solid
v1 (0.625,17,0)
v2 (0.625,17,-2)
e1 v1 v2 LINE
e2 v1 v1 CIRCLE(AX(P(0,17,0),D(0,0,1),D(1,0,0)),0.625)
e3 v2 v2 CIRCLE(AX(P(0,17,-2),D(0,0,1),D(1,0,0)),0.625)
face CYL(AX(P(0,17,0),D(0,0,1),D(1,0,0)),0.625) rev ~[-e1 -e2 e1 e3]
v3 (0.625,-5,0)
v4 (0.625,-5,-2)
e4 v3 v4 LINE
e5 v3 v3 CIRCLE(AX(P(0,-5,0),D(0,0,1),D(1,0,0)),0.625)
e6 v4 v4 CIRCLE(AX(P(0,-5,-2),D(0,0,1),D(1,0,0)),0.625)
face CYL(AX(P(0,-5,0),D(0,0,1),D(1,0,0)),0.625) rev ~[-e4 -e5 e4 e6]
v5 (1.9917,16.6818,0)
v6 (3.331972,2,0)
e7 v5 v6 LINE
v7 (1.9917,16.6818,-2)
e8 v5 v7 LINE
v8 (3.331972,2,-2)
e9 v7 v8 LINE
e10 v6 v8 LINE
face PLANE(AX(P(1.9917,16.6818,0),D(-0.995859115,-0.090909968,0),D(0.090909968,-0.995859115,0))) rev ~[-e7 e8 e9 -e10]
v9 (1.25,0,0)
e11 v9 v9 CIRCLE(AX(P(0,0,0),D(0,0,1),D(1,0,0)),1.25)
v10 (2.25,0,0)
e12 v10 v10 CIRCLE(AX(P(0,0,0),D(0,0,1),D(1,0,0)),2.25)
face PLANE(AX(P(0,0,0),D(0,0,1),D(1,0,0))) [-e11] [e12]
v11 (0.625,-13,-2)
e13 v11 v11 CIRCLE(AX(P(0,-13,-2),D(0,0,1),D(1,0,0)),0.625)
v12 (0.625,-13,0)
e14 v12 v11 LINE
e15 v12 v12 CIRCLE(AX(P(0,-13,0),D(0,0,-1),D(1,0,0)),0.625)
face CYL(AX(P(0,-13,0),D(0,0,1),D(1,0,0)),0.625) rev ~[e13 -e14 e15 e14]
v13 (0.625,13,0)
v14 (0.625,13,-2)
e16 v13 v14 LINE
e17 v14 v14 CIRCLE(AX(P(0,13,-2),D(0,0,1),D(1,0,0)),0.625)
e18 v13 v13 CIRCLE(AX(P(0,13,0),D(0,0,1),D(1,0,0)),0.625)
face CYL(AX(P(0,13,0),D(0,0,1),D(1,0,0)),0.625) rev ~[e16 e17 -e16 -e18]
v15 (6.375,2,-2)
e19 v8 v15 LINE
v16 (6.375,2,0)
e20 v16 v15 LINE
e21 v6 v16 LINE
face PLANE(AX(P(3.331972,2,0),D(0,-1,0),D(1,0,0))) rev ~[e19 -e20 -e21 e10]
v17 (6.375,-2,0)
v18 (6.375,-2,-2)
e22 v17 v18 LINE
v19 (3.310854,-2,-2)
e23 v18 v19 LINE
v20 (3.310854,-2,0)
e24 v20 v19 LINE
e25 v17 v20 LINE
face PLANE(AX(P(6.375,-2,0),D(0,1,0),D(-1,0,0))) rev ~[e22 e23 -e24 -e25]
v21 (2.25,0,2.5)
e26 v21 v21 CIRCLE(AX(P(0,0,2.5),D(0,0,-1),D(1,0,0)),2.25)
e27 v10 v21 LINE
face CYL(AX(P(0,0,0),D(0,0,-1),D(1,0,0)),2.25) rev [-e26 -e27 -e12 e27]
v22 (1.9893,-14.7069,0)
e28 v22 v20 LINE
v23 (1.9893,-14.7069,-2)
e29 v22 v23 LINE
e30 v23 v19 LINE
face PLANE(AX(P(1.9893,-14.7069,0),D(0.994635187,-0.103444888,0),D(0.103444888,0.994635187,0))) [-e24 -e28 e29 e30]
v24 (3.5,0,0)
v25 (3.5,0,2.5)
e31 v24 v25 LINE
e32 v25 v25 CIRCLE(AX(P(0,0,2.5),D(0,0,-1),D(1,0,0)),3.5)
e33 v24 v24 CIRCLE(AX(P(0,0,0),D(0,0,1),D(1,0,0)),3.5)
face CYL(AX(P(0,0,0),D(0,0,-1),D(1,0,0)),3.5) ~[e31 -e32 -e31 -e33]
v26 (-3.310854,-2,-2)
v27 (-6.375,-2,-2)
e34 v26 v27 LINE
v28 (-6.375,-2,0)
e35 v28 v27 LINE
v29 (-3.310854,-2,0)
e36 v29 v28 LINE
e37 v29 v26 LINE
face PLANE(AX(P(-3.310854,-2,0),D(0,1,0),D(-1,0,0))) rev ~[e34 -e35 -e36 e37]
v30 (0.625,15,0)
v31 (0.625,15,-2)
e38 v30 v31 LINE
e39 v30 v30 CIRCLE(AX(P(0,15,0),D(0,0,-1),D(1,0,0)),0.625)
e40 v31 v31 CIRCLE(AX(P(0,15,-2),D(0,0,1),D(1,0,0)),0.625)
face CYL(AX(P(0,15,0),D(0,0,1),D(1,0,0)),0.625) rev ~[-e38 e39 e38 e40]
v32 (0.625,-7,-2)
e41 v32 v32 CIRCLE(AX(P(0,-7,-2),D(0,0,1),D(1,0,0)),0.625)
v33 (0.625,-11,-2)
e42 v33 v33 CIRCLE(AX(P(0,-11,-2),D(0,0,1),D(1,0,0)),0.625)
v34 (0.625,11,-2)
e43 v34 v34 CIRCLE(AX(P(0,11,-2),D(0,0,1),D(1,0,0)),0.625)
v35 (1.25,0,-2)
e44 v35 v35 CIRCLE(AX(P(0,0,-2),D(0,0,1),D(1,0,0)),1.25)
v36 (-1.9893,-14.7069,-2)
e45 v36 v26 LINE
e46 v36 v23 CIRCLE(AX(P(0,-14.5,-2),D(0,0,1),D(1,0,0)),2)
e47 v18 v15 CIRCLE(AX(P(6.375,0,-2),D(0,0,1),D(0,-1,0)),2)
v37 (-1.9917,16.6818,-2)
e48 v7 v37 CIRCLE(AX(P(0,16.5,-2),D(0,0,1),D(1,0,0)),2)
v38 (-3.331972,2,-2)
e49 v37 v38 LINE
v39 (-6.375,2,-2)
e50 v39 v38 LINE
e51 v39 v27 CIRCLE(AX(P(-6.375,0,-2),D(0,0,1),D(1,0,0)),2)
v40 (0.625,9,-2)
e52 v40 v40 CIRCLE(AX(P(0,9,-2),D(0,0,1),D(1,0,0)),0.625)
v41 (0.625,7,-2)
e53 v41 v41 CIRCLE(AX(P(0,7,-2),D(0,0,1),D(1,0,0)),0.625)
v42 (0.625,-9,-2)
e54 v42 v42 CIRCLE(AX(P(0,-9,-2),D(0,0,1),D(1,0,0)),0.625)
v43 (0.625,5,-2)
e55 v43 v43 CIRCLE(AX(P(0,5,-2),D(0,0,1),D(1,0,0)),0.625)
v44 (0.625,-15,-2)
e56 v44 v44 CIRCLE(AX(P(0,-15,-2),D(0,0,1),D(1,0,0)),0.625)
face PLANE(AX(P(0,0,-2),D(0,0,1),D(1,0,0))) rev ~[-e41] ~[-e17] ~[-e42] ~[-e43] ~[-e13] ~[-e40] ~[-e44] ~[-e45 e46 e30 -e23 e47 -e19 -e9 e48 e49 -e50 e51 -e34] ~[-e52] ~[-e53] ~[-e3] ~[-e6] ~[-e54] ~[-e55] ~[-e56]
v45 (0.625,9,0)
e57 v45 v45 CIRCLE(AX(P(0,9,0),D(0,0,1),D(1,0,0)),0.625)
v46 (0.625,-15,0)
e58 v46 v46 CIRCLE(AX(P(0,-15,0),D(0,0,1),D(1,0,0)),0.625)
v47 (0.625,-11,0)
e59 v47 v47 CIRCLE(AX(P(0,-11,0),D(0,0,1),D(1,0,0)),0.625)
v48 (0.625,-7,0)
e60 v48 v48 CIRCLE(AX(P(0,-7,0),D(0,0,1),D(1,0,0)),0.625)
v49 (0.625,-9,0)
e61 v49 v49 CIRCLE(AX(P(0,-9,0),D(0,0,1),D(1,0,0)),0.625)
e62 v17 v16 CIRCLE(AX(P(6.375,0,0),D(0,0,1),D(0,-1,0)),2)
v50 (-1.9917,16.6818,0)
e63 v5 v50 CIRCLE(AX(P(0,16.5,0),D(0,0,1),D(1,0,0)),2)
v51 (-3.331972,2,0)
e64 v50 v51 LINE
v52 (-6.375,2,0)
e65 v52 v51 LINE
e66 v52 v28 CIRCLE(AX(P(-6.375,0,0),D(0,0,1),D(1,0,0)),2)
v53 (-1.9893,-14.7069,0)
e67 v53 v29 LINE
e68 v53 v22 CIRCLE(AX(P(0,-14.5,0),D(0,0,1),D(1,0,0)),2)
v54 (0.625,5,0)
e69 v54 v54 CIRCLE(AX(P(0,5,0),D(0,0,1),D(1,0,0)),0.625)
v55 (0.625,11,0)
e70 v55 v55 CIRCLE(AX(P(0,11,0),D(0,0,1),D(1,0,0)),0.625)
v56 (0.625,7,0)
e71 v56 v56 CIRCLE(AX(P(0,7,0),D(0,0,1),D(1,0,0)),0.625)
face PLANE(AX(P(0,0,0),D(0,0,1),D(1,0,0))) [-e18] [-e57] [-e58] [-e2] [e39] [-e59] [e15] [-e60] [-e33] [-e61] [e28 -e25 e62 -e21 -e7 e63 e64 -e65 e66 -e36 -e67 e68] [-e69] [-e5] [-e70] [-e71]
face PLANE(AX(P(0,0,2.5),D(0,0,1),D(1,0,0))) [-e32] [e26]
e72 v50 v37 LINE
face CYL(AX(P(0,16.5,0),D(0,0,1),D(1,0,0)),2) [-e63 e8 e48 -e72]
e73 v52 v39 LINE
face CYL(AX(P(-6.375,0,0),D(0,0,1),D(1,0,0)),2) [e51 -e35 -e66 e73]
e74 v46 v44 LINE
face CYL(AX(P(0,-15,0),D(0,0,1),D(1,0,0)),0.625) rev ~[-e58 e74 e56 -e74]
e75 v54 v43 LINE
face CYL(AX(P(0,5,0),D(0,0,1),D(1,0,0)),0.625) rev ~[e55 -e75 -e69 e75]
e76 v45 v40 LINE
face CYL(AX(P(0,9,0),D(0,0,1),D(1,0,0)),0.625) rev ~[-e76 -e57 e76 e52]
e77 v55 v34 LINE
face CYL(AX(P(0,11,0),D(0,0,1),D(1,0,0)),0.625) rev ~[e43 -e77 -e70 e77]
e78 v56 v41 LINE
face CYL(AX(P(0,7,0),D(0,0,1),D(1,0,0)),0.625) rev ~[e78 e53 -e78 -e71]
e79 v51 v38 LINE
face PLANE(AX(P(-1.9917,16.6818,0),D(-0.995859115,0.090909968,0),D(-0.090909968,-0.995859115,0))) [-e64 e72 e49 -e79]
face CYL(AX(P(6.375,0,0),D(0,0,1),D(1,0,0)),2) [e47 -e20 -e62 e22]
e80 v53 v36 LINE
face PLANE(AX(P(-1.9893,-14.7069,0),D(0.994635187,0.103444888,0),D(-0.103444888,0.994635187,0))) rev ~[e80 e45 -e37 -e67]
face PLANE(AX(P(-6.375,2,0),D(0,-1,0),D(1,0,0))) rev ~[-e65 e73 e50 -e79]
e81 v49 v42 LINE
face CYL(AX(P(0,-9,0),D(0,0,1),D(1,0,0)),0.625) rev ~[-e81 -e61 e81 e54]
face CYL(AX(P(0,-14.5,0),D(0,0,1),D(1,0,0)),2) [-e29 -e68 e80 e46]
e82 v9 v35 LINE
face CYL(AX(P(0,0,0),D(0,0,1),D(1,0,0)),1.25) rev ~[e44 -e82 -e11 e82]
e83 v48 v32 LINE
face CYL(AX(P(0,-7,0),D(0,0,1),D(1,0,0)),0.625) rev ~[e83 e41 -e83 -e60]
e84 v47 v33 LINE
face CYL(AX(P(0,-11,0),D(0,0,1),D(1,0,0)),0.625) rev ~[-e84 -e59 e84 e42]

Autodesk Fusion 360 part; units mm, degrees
sketch "Sketch1" plane through (0, 0, 0) normal (0, 0, 1) x (1, 0, 0)
  circle A0 centre (0, 0) radius 3.5
  circle A1 centre (0, 0) radius 2.25
  circle A2 centre (0, 16.5) radius 2
  circle A3 centre (0, -14.5) radius 2
  circle A4 centre (-6.375, 0) radius 2
  circle A5 centre (6.375, 0) radius 2
  line L0 (0, 0) -> (0, 16.5) construction
  line L1 (-1.9917, 16.6818) -> (-3.4855, 0.3182)
  line L2 (-1.9893, -14.7069) -> (-3.4812, -0.3621)
  line L3 (1.9917, 16.6818) -> (3.4855, 0.3182)
  line L4 (1.9893, -14.7069) -> (3.4812, -0.3621)
  line L5 (-6.375, 2) -> (6.375, 2)
  line L6 (6.375, 2) -> (6.375, -2) construction
  line L7 (6.375, -2) -> (-6.375, -2)
  line L8 (-6.375, -2) -> (-6.375, 2) construction
  circle A6 centre (0, 0) radius 1.25
  circle A7 centre (0, 5) radius 0.625
  circle A8 centre (0, 7) radius 0.625
  circle A9 centre (0, 9) radius 0.625
  circle A10 centre (0, 11) radius 0.625
  circle A11 centre (0, 13) radius 0.625
  circle A12 centre (0, 15) radius 0.625
  circle A13 centre (0, 17) radius 0.625
  circle A14 centre (0, -5) radius 0.625
  circle A15 centre (0, -7) radius 0.625
  circle A16 centre (0, -9) radius 0.625
  circle A17 centre (0, -11) radius 0.625
  circle A18 centre (0, -13) radius 0.625
  circle A19 centre (0, -15) radius 0.625
  point P0 (0, -16.5)
  point P1 (0, 18.5)
  point P2 (-8.375, 0)
  point P3 (8.375, 0)
  dimension "d1" = 7
  dimension "d2" = 4.5
  dimension "d5" = 35
  dimension "d7" = 4
  dimension "d8" = 16.75
  dimension "d9" = 14.5
  dimension "d12" = 2.5
  dimension "d14" = 5
  dimension "d15" = 1.25
  dimension "d16" = 2
  dimension "d17" = 2
  dimension "d18" = 2
  dimension "d19" = 2
  dimension "d20" = 2
  dimension "d21" = 2
  dimension "d22" = 5
  dimension "d23" = 2
  dimension "d24" = 2
  dimension "d25" = 2
  dimension "d26" = 2
  dimension "d27" = 2
extrude "Extrude1" add sketch "Sketch1" along normal blind 2.5 contours A0 A1 L5 L7 | A0 A1 L5 | A0 A1 L7 | A0 A1 L5 L7
extrude "Extrude2" add sketch "Sketch1" against normal blind 2 contours A0 A1 L5 L7 | A0 A5 L3 L4 L5 L7 | A0 L3 L5 | A0 L4 L7 | A0 A1 L5 | A0 A2 L1 L3 L5 A12 | A0 A3 L2 L4 L7 A18 | A0 A1 L7 | A0 A1 L5 L7 | A0 L1 L5 | A1 L5 | A1 L5 L7 | A2 A12 | A5 | A0 L2 L7 | A1 L7 | A3 A18 | A0 A4 L1 L2 L5 L7 | A4 | A2 A12 | A2 A12 | A3 A18 | A3 A18 | A6 | A7 | A8 | A9 | A10 | A11 | A13 | A14 | A15 | A16 | A17 | A19
extrude "Extrude3" cut sketch "Sketch1" against normal through all contours A2 A12 | A2 A12 | A3 A18 | A3 A18 | A6 | A7 | A8 | A9 | A10 | A11 | A13 | A14 | A15 | A16 | A17 | A19 picked at (-0.0144, 14.4623) picked at (-0.0082, 14.8783) picked at (0.0144, -12.4623) picked at (-0.0082, -12.8783)
